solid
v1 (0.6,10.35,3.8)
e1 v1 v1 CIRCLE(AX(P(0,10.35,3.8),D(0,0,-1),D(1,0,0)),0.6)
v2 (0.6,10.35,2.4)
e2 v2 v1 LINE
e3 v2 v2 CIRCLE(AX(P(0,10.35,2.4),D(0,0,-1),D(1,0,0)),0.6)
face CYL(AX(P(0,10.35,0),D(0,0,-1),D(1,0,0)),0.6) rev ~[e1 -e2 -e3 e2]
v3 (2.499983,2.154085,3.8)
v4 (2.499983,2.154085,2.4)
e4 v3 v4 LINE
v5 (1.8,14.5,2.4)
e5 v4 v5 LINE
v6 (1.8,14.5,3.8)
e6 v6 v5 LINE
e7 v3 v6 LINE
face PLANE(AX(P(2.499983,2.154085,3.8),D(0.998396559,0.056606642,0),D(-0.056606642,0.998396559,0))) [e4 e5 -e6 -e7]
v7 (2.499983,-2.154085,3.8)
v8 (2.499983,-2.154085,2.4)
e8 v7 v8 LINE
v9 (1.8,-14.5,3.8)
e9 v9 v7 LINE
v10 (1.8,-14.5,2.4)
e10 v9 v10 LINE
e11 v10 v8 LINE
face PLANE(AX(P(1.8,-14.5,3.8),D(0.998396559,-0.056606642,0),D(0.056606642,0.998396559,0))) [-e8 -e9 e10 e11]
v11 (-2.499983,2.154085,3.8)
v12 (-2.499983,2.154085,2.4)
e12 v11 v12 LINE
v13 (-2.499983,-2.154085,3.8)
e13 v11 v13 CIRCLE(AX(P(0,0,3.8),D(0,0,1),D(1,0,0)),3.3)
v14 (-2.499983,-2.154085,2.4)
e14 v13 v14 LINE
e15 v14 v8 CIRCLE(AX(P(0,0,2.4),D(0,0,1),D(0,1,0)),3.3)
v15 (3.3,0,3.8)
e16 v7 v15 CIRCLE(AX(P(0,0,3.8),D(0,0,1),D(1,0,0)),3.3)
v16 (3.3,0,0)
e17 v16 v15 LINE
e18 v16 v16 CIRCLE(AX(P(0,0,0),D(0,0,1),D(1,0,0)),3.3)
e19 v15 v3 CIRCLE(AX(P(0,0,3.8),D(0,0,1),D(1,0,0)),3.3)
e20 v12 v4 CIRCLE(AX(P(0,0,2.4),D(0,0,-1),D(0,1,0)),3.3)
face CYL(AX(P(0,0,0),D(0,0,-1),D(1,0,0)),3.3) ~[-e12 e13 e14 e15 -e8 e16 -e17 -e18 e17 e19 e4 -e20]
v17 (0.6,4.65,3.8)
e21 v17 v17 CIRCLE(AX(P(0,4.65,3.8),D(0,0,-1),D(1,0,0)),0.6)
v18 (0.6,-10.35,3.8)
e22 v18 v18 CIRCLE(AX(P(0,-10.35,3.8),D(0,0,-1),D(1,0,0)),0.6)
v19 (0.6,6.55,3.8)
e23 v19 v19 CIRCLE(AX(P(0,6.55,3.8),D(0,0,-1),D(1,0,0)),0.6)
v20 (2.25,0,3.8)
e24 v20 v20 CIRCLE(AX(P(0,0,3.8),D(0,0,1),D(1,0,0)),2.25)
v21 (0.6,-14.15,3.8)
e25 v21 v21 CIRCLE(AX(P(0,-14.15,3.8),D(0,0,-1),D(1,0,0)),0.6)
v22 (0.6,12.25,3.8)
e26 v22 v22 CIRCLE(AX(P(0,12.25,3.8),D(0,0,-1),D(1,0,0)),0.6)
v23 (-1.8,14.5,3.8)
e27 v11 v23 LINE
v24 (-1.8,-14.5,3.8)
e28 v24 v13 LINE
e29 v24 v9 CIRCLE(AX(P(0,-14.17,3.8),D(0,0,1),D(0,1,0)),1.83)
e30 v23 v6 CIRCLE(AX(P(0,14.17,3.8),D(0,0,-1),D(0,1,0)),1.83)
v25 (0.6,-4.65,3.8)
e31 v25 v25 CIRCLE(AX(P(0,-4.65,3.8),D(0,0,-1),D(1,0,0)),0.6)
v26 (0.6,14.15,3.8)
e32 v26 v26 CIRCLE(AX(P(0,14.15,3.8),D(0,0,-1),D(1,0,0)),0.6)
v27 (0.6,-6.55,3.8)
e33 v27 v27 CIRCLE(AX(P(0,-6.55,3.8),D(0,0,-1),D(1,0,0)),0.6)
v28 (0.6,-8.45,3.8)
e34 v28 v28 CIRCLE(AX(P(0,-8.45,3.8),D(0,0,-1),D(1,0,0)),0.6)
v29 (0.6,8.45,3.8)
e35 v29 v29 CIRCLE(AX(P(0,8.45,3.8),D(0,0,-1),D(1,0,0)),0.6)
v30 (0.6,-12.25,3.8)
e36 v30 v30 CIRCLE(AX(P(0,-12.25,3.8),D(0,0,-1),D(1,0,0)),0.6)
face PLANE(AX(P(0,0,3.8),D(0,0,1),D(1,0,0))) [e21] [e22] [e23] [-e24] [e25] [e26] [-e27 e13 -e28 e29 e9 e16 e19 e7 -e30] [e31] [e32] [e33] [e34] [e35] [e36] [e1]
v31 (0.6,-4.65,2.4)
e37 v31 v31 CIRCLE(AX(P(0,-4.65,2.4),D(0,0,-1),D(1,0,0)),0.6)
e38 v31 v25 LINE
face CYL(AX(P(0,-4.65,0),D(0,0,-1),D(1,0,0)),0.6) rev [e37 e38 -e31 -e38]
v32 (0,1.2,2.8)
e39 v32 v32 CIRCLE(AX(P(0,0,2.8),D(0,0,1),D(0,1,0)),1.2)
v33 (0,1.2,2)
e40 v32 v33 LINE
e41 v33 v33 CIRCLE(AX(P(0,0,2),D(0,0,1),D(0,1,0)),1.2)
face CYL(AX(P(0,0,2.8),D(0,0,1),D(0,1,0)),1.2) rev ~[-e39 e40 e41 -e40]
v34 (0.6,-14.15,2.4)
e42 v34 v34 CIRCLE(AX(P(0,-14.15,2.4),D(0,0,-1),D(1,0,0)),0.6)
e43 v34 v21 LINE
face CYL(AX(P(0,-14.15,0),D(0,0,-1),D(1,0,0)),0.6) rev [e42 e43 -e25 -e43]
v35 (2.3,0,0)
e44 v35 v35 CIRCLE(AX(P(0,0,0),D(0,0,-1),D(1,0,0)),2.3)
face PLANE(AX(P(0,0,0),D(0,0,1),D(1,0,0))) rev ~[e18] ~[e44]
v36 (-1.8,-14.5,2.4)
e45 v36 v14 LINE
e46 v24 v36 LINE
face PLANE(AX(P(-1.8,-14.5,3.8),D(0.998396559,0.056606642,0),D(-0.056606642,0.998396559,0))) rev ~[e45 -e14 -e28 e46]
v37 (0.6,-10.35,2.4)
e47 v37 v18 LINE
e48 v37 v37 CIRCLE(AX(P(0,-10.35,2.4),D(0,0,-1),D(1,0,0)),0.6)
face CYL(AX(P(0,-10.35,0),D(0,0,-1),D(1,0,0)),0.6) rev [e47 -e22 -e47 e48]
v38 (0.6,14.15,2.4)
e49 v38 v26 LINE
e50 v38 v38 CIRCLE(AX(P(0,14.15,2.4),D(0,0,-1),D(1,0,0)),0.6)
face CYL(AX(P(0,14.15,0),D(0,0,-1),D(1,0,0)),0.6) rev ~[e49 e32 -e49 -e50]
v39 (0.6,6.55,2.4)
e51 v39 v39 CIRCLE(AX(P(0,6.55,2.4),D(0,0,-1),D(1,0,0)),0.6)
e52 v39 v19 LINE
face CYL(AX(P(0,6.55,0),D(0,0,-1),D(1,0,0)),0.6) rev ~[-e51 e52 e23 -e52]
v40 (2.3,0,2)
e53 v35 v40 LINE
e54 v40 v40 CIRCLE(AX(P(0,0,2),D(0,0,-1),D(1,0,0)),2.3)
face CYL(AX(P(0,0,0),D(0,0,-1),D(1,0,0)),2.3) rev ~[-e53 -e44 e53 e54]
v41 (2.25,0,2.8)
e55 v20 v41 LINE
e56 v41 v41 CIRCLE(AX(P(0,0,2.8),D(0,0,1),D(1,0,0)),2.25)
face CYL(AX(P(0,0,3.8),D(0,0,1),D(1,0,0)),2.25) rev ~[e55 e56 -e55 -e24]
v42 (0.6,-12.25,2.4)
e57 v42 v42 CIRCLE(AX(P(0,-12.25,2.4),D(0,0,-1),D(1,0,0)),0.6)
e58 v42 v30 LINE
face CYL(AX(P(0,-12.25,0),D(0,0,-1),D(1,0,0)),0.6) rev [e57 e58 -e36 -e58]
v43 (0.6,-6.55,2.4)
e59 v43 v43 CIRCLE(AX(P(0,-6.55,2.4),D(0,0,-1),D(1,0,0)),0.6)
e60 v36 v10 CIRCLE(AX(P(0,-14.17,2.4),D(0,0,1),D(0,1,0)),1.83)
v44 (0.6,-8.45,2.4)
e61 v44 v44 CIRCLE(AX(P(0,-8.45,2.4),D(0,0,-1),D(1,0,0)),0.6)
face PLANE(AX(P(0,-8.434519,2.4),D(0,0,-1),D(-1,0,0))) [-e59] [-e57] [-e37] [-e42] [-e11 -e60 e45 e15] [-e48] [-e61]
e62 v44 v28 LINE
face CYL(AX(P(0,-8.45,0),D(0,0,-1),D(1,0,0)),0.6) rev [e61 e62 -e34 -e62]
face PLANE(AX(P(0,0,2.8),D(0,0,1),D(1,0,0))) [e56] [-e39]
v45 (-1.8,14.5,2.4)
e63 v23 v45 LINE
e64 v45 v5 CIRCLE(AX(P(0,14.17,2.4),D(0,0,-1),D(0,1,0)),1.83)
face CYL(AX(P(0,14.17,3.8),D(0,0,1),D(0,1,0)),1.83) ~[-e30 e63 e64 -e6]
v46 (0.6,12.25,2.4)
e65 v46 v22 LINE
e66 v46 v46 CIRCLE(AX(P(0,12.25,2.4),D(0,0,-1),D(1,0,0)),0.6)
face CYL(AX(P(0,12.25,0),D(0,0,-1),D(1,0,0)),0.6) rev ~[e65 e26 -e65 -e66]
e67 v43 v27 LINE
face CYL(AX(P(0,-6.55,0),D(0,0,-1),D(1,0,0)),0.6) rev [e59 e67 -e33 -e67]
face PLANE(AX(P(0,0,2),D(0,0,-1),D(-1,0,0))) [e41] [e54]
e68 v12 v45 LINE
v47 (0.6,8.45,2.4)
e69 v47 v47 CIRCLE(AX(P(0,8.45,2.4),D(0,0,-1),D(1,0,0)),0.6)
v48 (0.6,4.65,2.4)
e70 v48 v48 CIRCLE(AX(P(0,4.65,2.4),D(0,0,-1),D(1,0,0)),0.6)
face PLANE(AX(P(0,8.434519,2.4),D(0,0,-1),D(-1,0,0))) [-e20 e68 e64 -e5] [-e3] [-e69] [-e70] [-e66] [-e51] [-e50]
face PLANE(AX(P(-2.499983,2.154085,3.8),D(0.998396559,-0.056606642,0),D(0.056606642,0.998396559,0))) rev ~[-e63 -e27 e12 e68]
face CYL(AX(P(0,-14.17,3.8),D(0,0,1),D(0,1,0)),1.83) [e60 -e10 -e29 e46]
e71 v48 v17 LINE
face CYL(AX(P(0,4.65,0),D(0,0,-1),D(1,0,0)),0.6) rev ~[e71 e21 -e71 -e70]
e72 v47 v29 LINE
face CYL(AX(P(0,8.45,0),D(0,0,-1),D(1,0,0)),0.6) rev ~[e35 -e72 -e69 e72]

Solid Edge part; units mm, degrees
sketch "Sketch1" plane through (0, 0, 0) normal (0, 0, 1) x (1, 0, 0)
  circle A0 centre (0, 0) radius 3.3
  dimension "D1" = 6.6
extrude "Protrusion1" add sketch "Sketch1" along normal blind 3.8
sketch "Sketch2" plane through (0, 0, 3.8) normal (0, 0, 1) x (1, 0, 0)
  circle A0 centre (0, 0) radius 2.25
  dimension "D1" = 4.5
extrude "Extrusionsausschnitt_1" cut sketch "Sketch2" against normal blind 1
sketch "Sketch3" plane through (0, 0, 0) normal (0, 0, -1) x (1, 0, 0)
  circle A0 centre (0, 0) radius 2.3
  dimension "D1" = 4.6
extrude "Extrusionsausschnitt_2" cut sketch "Sketch3" against normal blind 2
sketch "Sketch4" plane through (0, 0, 2.8) normal (0, 0, 1) x (0, 1, 0)
  circle A0 centre (0, 0) radius 1.2
  dimension "D1" = 2.4
extrude "Cutout1" cut sketch "Sketch4" against normal through all
sketch "Sketch5" plane through (0, 0, 3.8) normal (0, 0, 1) x (0, 1, 0)
  line L0 (-14.5, 1.8) -> (-2.1541, 2.5)
  arc A0 (-2.1541, 2.5) -> (-2.1541, -2.5) centre (0, 0) ccw
  line L1 (-14.5, -1.8) -> (-2.1541, -2.5)
  arc A1 (-14.5, 1.8) -> (-14.5, -1.8) centre (-14.17, 0) ccw
  line L2 (2.1541, 2.5) -> (14.5, 1.8)
  arc A2 (14.5, 1.8) -> (14.5, -1.8) centre (14.17, 0) cw
  line L3 (2.1541, -2.5) -> (14.5, -1.8)
  arc A3 (2.1541, 2.5) -> (2.1541, -2.5) centre (0, 0) cw
  dimension "D1" = 5
  dimension "D2" = 32
  dimension "D3" = 3.6
  dimension "D4" = 3.6
  dimension "D5" = 29
  dimension "D6" = 4.3081
  dimension "D7" = 4.3081
  dimension "D8" = 12.3658
  dimension "D9" = 12.3658
  dimension "D10" = 12.3658
  dimension "D11" = 12.3658
extrude "Extrusionsausprägung_2" add sketch "Sketch5" against normal blind 1.4
sketch "Sketch6" plane through (0, 0, 0) normal (0, 0, 1) x (1, 0, 0)
  circle A0 centre (0, -14.15) radius 0.6
  circle A1 centre (0, -12.25) radius 0.6
  circle A2 centre (0, -10.35) radius 0.6
  circle A3 centre (0, -8.45) radius 0.6
  circle A4 centre (0, -6.55) radius 0.6
  circle A5 centre (0, -4.65) radius 0.6
  dimension "D1" = 1.2
  dimension "D2" = 6.9
  dimension "D3" = 3.8
extrude "Cutout2" cut sketch "Sketch6" along normal through all
mirror "Mirror1" about plane through (0, 0, 0) normal (0, -1, 0) of "Cutout2"
